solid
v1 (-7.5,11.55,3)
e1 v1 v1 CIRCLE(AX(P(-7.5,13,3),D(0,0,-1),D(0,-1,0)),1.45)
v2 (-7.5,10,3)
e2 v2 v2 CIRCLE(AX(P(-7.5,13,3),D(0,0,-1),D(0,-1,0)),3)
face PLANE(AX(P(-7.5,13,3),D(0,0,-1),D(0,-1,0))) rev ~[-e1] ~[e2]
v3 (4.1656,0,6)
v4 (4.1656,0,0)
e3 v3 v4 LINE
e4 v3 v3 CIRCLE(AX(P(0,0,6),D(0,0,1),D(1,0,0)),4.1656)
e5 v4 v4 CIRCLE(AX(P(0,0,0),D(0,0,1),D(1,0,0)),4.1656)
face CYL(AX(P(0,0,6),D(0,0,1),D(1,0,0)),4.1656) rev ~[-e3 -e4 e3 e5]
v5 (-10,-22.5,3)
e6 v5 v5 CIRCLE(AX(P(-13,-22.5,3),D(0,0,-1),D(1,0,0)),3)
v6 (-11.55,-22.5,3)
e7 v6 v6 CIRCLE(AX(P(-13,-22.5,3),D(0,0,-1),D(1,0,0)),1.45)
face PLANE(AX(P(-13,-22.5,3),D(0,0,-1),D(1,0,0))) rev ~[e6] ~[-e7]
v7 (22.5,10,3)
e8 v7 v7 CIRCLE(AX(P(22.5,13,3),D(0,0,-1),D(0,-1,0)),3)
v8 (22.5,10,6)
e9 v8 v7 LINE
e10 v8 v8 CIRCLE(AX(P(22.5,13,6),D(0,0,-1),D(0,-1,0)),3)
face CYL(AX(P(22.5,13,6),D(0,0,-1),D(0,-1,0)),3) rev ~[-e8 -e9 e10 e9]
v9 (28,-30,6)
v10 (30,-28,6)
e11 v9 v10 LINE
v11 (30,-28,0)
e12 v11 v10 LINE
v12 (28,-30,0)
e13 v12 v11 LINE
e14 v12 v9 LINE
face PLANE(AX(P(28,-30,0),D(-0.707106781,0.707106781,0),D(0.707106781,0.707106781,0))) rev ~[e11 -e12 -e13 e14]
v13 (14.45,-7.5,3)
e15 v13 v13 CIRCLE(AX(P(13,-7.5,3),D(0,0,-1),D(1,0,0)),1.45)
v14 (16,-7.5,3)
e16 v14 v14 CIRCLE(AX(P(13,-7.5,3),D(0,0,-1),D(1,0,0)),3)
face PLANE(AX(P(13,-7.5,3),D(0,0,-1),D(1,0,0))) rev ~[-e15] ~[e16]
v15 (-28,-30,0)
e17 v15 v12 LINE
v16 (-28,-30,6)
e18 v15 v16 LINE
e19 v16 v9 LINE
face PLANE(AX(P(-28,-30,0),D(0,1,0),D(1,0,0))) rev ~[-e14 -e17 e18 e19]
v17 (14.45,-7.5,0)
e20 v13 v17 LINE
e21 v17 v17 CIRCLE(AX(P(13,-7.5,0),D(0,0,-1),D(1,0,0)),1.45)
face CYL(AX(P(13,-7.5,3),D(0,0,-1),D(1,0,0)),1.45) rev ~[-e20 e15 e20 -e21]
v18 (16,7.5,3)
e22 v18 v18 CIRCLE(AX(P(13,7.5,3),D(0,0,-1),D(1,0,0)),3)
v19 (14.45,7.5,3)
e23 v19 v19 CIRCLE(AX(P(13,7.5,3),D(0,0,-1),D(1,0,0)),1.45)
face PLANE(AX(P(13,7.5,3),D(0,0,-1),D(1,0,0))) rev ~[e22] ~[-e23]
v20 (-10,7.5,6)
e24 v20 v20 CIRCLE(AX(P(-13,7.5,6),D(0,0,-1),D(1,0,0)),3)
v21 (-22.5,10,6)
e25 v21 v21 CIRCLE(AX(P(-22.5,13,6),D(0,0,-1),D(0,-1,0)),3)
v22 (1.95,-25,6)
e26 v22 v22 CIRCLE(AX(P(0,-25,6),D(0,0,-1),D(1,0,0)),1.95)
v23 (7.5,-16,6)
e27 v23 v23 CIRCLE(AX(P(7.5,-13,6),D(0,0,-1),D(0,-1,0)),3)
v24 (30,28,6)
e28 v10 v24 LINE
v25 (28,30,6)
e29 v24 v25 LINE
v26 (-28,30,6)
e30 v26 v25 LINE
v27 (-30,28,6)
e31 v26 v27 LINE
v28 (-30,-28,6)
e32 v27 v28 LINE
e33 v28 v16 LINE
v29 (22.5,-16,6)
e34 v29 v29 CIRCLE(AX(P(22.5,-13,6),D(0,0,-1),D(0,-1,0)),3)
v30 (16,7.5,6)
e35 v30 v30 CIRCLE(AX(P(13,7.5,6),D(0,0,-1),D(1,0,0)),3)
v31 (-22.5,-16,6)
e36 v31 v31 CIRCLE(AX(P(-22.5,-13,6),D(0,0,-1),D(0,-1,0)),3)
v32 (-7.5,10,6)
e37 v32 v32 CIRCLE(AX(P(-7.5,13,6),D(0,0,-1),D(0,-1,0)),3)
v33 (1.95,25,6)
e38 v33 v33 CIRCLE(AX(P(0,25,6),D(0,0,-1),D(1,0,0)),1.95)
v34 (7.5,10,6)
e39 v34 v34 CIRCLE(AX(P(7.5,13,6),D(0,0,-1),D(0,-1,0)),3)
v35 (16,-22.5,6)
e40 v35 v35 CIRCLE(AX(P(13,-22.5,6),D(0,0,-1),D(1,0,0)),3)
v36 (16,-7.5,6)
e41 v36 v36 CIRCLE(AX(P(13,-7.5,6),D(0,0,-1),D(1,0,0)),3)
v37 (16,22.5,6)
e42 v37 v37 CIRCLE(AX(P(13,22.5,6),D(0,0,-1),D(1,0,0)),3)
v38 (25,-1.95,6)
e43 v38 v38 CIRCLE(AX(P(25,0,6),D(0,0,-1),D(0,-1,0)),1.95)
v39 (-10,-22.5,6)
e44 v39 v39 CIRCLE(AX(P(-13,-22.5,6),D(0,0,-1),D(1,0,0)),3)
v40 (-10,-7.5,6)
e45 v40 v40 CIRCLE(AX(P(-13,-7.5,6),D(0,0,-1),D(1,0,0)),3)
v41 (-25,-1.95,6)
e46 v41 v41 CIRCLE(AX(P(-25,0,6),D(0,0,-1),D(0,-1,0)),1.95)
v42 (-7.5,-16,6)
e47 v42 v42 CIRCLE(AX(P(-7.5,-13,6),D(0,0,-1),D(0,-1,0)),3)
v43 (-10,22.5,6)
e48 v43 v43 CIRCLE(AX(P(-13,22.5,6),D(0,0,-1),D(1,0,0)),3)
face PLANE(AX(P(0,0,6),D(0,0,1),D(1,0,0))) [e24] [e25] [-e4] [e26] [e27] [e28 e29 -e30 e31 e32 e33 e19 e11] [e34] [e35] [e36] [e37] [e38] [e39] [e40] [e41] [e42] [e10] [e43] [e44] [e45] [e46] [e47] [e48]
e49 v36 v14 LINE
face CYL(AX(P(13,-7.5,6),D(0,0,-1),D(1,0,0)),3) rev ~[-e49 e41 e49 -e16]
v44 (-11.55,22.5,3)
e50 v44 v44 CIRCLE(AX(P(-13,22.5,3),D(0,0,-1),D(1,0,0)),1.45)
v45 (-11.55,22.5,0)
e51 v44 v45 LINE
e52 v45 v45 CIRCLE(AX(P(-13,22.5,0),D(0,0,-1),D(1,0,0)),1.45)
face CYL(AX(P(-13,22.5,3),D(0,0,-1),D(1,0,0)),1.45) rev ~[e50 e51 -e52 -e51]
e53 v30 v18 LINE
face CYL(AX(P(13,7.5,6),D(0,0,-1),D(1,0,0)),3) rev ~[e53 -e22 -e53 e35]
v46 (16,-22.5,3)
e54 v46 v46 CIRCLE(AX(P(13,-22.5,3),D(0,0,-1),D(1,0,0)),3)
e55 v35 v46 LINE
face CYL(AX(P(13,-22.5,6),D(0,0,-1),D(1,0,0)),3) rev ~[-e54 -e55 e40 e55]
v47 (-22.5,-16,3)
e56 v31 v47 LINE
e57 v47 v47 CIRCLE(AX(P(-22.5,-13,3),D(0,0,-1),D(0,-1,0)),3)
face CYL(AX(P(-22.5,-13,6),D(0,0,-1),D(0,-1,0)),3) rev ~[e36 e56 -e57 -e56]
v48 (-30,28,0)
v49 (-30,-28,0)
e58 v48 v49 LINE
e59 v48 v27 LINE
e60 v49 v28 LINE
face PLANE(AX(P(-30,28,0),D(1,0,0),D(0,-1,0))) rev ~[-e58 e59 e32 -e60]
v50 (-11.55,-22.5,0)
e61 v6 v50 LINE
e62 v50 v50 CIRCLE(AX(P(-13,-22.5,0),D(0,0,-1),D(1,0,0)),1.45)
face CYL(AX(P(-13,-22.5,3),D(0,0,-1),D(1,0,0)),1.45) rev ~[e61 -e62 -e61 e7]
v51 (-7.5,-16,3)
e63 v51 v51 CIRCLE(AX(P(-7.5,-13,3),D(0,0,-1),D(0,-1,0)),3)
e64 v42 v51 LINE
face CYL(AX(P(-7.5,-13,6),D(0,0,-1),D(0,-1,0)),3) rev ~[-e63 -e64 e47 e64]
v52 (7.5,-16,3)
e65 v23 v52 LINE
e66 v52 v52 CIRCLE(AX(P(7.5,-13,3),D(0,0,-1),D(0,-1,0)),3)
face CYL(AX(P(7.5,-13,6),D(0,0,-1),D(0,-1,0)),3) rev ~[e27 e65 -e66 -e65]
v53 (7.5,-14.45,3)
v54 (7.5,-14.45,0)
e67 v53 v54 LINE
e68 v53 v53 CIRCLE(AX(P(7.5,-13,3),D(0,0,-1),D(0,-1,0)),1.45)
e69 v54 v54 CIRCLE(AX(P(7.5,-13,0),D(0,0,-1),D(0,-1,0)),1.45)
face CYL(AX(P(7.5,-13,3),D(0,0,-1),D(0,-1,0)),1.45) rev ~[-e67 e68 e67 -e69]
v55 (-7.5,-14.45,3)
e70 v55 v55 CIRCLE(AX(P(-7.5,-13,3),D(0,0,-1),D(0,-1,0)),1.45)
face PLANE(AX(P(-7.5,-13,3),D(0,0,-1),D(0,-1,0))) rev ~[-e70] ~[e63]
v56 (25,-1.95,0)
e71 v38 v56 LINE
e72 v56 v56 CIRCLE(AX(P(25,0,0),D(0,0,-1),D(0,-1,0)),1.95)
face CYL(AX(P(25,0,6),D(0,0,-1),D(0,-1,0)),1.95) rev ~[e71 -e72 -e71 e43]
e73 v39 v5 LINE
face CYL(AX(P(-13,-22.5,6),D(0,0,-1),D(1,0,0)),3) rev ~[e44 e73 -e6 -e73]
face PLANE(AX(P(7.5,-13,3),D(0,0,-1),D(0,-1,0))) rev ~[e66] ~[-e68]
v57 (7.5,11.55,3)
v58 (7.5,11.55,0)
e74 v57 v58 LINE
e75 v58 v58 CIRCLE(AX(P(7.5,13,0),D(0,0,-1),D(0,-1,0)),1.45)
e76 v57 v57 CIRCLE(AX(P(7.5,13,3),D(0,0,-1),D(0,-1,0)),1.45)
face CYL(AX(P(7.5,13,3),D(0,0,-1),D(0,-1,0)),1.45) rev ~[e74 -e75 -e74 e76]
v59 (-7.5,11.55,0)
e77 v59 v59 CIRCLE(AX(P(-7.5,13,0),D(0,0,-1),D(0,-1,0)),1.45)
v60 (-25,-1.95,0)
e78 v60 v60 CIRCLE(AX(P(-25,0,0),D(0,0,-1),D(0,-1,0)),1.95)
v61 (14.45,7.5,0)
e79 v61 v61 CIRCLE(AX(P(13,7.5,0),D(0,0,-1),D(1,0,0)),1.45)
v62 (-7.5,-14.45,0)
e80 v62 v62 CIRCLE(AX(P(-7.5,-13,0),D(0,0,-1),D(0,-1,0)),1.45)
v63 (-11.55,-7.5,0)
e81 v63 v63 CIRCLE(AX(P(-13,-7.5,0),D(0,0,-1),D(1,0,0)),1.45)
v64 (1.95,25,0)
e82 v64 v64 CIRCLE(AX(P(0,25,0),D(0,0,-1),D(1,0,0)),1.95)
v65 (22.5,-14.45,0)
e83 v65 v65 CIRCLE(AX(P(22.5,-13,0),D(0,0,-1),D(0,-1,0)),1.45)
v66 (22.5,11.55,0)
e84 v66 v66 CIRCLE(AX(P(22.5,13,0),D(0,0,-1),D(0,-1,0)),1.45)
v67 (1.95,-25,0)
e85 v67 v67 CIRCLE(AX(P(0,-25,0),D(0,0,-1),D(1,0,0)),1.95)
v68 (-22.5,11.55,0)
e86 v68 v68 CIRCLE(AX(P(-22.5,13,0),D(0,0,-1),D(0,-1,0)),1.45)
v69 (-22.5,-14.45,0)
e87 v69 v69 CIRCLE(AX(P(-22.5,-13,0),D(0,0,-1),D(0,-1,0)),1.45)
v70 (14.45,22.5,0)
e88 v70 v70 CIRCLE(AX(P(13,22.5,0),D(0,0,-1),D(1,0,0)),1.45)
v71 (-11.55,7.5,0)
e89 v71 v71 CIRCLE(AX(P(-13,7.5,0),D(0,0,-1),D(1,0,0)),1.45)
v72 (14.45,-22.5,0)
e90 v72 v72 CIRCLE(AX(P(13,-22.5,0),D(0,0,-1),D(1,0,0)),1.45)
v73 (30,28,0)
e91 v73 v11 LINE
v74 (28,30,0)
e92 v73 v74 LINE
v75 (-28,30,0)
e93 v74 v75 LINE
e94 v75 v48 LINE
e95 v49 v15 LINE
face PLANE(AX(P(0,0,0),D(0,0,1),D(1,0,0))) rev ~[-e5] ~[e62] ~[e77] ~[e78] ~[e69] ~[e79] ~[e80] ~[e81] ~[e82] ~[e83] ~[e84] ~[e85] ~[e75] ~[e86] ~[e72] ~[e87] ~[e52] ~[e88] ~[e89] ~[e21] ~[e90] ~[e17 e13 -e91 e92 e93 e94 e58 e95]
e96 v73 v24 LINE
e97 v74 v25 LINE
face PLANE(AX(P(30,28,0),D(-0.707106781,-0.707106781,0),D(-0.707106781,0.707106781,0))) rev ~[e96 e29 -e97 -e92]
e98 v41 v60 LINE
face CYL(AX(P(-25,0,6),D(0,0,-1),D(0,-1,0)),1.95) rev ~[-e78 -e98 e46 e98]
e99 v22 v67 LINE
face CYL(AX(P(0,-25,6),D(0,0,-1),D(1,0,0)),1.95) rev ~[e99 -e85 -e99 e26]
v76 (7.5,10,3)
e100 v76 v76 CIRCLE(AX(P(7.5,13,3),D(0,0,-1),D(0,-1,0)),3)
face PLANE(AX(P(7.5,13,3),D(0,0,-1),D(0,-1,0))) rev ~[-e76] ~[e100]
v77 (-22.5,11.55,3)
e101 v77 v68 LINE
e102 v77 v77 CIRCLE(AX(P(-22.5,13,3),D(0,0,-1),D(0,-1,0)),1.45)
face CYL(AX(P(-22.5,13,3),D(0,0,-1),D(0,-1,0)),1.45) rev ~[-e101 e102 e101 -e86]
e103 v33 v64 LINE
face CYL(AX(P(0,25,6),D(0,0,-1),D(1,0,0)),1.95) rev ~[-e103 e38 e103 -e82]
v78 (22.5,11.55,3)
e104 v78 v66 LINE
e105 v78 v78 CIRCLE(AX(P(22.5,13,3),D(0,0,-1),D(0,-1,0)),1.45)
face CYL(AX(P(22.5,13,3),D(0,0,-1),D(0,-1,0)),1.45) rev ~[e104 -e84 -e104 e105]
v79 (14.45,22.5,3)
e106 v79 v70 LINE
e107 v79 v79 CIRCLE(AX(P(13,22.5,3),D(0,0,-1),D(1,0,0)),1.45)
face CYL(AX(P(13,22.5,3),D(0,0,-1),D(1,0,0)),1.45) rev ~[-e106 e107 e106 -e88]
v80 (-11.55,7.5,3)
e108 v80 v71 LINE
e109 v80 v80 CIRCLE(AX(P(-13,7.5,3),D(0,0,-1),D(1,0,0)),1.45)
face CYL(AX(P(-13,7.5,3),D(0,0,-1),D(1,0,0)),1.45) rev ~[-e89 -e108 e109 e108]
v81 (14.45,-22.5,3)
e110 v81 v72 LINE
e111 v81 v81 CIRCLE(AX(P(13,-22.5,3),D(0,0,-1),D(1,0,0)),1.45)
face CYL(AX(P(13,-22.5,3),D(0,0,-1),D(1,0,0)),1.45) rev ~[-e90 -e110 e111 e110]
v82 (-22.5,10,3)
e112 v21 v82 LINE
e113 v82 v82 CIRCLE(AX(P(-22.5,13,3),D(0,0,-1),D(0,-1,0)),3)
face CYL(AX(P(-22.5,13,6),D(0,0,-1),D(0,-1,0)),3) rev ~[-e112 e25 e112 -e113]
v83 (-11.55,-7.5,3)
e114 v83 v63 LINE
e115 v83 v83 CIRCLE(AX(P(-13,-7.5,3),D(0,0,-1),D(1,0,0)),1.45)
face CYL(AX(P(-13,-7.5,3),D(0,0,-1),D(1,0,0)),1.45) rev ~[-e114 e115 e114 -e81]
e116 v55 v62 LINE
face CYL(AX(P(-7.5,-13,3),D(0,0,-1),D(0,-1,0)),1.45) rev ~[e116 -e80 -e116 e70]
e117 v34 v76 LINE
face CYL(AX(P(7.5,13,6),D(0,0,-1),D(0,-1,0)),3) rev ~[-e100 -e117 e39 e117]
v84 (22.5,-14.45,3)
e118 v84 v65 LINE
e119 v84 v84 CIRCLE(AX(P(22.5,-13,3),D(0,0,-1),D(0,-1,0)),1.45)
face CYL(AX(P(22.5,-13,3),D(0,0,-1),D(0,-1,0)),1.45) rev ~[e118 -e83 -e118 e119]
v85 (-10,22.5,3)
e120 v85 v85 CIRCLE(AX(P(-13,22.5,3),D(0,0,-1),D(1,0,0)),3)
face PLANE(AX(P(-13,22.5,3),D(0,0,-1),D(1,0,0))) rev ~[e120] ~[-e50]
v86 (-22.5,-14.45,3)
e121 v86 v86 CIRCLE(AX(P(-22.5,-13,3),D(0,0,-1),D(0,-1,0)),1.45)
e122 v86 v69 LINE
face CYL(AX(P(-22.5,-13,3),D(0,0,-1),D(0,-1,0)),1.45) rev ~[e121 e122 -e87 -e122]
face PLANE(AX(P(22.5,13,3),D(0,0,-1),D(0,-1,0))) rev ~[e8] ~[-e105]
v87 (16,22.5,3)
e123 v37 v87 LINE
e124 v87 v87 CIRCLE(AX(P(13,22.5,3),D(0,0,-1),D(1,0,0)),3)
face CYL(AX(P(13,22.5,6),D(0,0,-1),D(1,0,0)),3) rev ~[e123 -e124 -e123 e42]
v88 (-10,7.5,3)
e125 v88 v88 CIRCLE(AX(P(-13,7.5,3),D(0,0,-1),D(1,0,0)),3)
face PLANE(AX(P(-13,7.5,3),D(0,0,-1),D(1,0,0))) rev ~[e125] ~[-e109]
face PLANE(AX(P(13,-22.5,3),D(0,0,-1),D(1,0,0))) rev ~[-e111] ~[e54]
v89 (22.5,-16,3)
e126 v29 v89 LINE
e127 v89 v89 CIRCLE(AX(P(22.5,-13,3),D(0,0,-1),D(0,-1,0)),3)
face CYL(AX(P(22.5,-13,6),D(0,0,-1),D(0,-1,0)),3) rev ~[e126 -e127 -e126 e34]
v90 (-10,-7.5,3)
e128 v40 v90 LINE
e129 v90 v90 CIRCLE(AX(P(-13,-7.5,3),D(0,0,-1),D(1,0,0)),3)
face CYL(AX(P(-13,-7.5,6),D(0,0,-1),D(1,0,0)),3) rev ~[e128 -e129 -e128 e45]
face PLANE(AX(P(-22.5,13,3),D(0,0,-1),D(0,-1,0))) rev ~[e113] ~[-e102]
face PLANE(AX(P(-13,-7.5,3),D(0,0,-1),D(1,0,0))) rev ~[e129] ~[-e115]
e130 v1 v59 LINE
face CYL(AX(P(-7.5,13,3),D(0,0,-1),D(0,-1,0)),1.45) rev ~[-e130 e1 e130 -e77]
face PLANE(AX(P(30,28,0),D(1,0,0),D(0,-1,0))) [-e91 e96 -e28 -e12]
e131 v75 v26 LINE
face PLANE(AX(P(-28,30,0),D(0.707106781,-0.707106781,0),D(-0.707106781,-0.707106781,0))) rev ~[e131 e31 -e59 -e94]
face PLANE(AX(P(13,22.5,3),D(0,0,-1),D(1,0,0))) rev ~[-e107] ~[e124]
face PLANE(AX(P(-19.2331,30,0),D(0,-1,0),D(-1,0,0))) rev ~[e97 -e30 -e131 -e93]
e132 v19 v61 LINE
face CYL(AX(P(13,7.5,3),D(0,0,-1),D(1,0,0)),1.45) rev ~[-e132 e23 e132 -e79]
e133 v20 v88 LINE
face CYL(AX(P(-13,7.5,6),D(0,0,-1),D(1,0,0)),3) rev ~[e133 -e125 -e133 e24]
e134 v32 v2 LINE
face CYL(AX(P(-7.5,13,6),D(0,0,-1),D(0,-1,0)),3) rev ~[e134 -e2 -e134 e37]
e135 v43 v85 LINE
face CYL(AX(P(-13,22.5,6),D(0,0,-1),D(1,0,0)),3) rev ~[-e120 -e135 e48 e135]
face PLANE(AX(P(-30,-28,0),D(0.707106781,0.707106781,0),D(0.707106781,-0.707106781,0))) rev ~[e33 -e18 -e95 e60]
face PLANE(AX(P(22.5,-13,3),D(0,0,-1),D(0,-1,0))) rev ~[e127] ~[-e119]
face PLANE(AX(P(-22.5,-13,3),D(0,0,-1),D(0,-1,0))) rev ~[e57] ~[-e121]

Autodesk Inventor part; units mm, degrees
ref_plane "YZ Plane" through (0, 0, 0) normal (1, 0, 0) x (0, 1, 0)
ref_plane "XZ Plane" through (0, 0, 0) normal (0, 1, 0) x (-1, 0, 0)
ref_plane "XY Plane" through (0, 0, 0) normal (0, 0, 1) x (1, 0, 0)
ref_plane "Work Plane1" through (0, 0, 0) normal (0, 0, 1) x (1, 0, 0)
sketch "Sketch1" plane through (0, 0, 0) normal (0, 0, 1) x (1, 0, 0)
  line L0 (-28, 30) -> (-30, 28) projected
  line L1 (-30, 28) -> (-30, -28) projected
  line L2 (-30, -28) -> (-28, -30) projected
  line L3 (-28, -30) -> (28, -30) projected
  line L4 (28, -30) -> (30, -28) projected
  line L5 (30, -28) -> (30, -17.7934) projected
  line L6 (30, 28) -> (28, 30) projected
  line L7 (28, 30) -> (17.7934, 30) projected
  line L8 (-25, -25) -> (25, -25) construction
  line L9 (25, -25) -> (25, 25) construction
  line L10 (25, 25) -> (-25, 25) construction
  line L11 (-25, 25) -> (-25, -25) construction
  line L12 (-25, -25) -> (25, 25) construction
  line L13 (25, -25) -> (-25, 25) construction
  line L14 (30, -17.7934) -> (44, -17.7934) projected
  line L15 (44, -9.0511) -> (44, -17.7934) projected
  line L16 (30, -9.0511) -> (44, -9.0511) construction
  line L17 (30, -9.0511) -> (30, 8.3051) projected
  line L18 (30, 8.3051) -> (44, 8.3051) projected
  line L19 (44, 19.2331) -> (44, 8.3051) projected
  line L20 (30, 19.2331) -> (44, 19.2331) construction
  line L21 (30, 28) -> (30, -28) projected
  line L22 (17.7934, 30) -> (17.7934, 44) projected
  line L23 (9.0511, 44) -> (17.7934, 44) projected
  line L24 (9.0511, 30) -> (9.0511, 44) construction
  line L25 (-8.3051, 30) -> (-8.3051, 44) projected
  line L26 (-19.2331, 44) -> (-8.3051, 44) projected
  line L27 (-19.2331, 30) -> (-19.2331, 44) construction
  line L28 (-19.2331, 30) -> (-28, 30) projected
  line L29 (30, 19.2331) -> (30, 28) projected
  line L30 (9.0511, 30) -> (-8.3051, 30) projected
  line L31 (-28, 30) -> (28, 30) projected
  line L32 (25, 0) -> (-25, 0)
  point P0 (0, 0)
  dimension "d0" = 50
  dimension "d1" = 50
extrude "Extrusion1" add sketch "Sketch1" along normal blind 6
sketch "Sketch2" plane through (0, 0, 6) normal (0, 0, 1) x (1, 0, 0)
  line L0 (-25, -25) -> (25, -25)
  line L1 (25, -25) -> (25, 25)
  line L2 (25, 25) -> (-25, 25)
  line L3 (-25, 25) -> (-25, -25)
  line L4 (-25, -25) -> (25, 25) construction
  line L5 (25, -25) -> (-25, 25) construction
  point P0 (0, 0)
  point P1 (25, 0)
  point P2 (-25, 0)
  point P3 (0, 25)
  point P4 (0, -25)
  dimension "d4" = 50
  dimension "d5" = 50
hole "Hole1" at (-25, 0, 6) at (25, 0, 6) direction (0, 0, -1) diameter 3.9 depth 10 tip angle 118
sketch "Sketch3" plane through (0, 0, 6) normal (0, 0, 1) x (1, 0, 0)
  circle A0 centre (25, 0) radius 1.95 projected
  circle A1 centre (-25, 0) radius 1.95 projected
  line L0 (-28, 30) -> (-30, 28) projected
  line L1 (-30, 28) -> (-30, -28) projected
  line L2 (-30, -28) -> (-28, -30) projected
  line L3 (-28, -30) -> (28, -30) projected
  line L4 (28, -30) -> (30, -28) projected
  line L5 (30, -28) -> (30, 28) projected
  line L6 (30, 28) -> (28, 30) projected
  line L7 (28, 30) -> (-28, 30) projected
  line L8 (-22.5, -13) -> (22.5, -13) construction
  line L9 (22.5, -13) -> (22.5, 13) construction
  line L10 (22.5, 13) -> (-22.5, 13) construction
  line L11 (-22.5, 13) -> (-22.5, -13) construction
  line L12 (-22.5, -13) -> (22.5, 13) construction
  line L13 (22.5, -13) -> (-22.5, 13) construction
  line L14 (7.5, -13) -> (-7.5, -13) construction
  line L15 (-7.5, -13) -> (-7.5, 13) construction
  line L16 (-7.5, 13) -> (7.5, 13) construction
  line L17 (7.5, 13) -> (7.5, -13) construction
  line L18 (7.5, -13) -> (-7.5, 13) construction
  line L19 (-7.5, -13) -> (7.5, 13) construction
  point P0 (0, 0)
  dimension "d13" = 45
  dimension "d14" = 26
  dimension "d15" = 15
hole "Hole2" at (22.5, 13, 6) at (7.5, 13, 6) at (-7.5, 13, 6) at (-22.5, 13, 6) at (-22.5, -13, 6) at (-7.5, -13, 6) at (7.5, -13, 6) at (22.5, -13, 6) direction (0, 0, -1) diameter 2.9 depth 10 tip angle 118 counterbore diameter 6 counterbore depth 3
sketch "Sketch4" plane through (0, 0, 6) normal (0, 0, 1) x (1, 0, 0)
  circle A0 centre (0, 0) radius 4.1656
pattern_circular "Circular Pattern1" count 2 over 90 about axis through (0, 0, 6) along (0, 0, 1) of "Hole1", "Hole2"
extrude "Extrusion2" cut sketch "Sketch4" against normal blind 10
properties part number "00_XY_stage-CHUO_SEIKI_LD-647-R1-Bottom"
